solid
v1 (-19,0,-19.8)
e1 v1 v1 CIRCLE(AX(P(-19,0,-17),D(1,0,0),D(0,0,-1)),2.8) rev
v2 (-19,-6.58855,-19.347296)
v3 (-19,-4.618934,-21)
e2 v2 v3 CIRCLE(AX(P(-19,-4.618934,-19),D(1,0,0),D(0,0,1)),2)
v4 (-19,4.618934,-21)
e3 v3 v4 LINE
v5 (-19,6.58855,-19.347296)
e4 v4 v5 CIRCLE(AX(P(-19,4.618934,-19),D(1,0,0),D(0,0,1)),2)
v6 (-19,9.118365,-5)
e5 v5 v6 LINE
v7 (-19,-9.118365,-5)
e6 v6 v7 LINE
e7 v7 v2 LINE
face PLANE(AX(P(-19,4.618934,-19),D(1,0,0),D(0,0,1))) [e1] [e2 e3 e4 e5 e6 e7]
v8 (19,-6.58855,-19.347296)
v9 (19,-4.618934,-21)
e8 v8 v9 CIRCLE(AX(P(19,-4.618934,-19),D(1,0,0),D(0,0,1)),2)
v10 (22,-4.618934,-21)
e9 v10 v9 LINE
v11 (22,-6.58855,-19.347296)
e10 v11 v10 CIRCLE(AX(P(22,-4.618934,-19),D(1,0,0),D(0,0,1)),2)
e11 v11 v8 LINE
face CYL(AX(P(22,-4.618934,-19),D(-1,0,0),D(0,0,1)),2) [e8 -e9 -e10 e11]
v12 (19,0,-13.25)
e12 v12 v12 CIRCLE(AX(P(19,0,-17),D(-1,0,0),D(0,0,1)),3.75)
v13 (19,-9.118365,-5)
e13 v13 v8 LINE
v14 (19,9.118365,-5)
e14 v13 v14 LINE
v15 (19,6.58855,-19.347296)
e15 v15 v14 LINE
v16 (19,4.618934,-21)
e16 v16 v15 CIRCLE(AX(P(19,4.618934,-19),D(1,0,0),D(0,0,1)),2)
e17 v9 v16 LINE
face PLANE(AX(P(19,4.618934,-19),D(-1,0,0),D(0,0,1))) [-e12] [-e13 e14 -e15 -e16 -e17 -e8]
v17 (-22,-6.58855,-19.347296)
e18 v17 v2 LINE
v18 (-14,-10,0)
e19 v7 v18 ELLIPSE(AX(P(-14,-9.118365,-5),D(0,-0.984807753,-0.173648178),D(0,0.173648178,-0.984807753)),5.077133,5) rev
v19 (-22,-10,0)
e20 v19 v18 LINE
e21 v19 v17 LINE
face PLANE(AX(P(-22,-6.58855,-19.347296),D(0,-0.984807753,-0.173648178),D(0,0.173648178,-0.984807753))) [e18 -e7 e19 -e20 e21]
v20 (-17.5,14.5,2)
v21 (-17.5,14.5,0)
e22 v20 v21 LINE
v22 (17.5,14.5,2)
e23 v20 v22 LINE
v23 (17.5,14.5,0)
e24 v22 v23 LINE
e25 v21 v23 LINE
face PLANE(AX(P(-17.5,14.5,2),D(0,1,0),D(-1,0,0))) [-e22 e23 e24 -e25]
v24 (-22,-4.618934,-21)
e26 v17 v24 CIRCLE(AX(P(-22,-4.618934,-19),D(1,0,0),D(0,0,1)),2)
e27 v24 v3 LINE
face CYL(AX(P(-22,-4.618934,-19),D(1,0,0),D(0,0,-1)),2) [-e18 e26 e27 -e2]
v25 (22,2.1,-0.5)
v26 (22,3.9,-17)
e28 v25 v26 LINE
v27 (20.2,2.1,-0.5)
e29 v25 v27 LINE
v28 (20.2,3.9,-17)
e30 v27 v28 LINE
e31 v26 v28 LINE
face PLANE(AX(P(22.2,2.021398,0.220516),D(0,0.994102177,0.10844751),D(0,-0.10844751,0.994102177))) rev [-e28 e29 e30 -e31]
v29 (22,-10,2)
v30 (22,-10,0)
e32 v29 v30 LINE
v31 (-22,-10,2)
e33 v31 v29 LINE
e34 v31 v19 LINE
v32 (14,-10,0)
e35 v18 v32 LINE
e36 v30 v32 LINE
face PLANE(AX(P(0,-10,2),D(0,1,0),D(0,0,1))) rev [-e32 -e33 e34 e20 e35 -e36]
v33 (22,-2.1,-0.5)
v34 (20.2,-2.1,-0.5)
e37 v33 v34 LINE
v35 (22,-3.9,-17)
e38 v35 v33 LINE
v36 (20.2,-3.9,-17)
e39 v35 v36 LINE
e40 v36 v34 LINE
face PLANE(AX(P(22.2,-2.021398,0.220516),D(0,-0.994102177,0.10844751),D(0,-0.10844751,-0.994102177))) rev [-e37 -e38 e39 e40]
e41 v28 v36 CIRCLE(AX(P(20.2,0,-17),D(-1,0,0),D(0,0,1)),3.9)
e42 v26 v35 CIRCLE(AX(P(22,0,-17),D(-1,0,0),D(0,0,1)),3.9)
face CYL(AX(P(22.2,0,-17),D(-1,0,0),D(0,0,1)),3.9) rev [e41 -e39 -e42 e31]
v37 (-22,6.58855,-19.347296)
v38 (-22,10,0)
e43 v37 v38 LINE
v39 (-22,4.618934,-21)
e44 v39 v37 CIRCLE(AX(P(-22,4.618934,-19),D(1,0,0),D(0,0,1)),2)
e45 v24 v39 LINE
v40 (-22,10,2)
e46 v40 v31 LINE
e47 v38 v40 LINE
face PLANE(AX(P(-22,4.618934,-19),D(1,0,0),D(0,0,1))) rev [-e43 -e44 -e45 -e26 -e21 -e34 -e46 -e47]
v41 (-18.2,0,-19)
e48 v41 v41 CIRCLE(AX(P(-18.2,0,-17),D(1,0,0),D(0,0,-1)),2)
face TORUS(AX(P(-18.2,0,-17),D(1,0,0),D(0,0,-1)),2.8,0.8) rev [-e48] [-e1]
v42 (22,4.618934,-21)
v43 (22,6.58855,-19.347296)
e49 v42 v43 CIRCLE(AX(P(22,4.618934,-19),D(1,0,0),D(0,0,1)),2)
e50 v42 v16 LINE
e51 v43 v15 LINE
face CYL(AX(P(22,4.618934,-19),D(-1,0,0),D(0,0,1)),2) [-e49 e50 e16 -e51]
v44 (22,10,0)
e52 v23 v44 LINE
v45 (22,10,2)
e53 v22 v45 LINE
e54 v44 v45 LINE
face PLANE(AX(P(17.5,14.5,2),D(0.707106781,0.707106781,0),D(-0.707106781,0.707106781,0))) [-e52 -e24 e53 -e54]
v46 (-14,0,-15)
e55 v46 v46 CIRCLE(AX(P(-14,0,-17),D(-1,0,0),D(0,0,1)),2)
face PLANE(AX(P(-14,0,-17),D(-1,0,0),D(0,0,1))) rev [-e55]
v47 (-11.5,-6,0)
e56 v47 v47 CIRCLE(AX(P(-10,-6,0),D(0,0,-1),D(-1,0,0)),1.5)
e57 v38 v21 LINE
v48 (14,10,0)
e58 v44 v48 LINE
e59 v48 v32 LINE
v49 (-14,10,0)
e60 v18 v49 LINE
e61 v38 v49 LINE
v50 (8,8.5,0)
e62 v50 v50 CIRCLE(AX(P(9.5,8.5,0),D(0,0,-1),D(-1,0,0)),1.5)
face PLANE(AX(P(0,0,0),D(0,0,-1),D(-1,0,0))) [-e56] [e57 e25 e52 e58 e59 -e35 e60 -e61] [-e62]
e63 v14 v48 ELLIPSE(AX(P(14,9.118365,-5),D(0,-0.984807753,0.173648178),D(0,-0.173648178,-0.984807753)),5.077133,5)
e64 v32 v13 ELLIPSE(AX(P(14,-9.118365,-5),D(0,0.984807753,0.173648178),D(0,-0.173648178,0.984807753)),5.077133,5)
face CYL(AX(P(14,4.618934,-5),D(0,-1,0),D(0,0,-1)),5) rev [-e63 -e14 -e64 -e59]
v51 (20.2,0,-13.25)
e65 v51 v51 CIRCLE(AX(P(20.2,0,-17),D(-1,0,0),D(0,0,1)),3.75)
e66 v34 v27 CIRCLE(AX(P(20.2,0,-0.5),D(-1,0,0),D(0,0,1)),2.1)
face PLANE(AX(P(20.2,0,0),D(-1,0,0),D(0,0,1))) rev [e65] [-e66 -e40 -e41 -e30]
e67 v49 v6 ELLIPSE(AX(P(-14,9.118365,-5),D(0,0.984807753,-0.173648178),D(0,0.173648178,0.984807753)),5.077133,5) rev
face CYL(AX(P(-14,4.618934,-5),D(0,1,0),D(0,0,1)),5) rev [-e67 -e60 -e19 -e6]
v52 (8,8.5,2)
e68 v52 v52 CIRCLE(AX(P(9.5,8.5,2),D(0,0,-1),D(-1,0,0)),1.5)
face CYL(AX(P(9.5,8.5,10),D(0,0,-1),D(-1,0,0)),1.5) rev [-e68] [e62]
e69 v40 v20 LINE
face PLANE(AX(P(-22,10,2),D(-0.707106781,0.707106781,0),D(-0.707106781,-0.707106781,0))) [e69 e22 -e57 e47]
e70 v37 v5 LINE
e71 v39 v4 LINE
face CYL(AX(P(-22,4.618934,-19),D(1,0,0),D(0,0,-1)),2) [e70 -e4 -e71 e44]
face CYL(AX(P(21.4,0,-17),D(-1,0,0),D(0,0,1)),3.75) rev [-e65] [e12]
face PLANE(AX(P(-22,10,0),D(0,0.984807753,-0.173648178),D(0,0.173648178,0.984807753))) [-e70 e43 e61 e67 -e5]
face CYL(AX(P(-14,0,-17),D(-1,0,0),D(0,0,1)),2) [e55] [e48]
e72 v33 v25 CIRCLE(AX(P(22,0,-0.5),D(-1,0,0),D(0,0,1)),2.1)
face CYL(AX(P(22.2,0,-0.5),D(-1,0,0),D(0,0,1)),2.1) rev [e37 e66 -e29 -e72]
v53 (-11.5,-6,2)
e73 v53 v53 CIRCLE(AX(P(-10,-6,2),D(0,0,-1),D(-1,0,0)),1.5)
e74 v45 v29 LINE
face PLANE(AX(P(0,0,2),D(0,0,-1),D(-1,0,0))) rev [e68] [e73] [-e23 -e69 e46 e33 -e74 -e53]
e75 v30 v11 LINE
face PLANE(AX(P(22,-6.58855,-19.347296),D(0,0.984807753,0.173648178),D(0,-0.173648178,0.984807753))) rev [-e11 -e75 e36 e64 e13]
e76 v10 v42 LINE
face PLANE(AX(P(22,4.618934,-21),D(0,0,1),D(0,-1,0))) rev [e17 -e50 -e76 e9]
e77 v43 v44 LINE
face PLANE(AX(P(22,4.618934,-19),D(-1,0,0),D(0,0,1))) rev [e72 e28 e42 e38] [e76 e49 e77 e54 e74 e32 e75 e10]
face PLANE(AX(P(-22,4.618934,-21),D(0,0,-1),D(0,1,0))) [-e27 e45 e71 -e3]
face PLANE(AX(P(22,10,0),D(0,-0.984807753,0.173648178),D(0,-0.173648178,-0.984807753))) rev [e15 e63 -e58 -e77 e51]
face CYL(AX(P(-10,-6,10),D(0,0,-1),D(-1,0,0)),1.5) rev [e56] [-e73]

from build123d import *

# Parameters (mm, degrees)
SKETCH1_W           = 38
SKETCH1_H           = 20
BOSS_EXTRUDE1_DEPTH = 2
BOSS_EXTRUDE2_DEPTH = 3
BOSS_EXTRUDE3_DEPTH = 2
SKETCH4_R           = 1.6
CUT_EXTRUDE1_DEPTH  = 51.865017448
CUT_EXTRUDE2_START  = -1.2
CUT_EXTRUDE2_DEPTH  = 2
SKETCH6_R           = 3.75
CUT_EXTRUDE3_DEPTH  = 2.4
CUT_EXTRUDE4_DEPTH  = 34.693471178
SKETCH8_R           = 2
BOSS_EXTRUDE4_DEPTH = 8
FILLET1_R           = 0.8
FILLET2_R           = 5
SKETCH9_R           = 1.5
CUT_EXTRUDE5_DEPTH  = 10


with BuildPart() as part:
    # Sketch1 → Boss-Extrude1 (new body)
    with BuildSketch(Plane.XY):
        Rectangle(SKETCH1_W, SKETCH1_H)
    extrude(amount=BOSS_EXTRUDE1_DEPTH)

    # Sketch2 → Boss-Extrude2 (add)
    with BuildSketch(Plane(origin=(19, 0, 0), x_dir=(0, 0, -1), z_dir=(1, 0, 0))):
        with BuildLine():
            Line((-2, 10), (0, 10))
            Line((0, 10), (19.347296355, 6.588549649))
            ThreePointArc((19.347296355, 6.588549649), (20.532088886, 5.904509362), (21, 4.618934143))
            Line((21, 4.618934143), (21, -4.618934143))
            ThreePointArc((21, -4.618934143), (20.532088886, -5.904509362), (19.347296355, -6.588549649))
            Line((19.347296355, -6.588549649), (0, -10))
            Line((0, -10), (-2, -10))
            Line((-2, -10), (-2, 10))
        make_face()
    boss_extrude2 = extrude(amount=BOSS_EXTRUDE2_DEPTH)

    # Mirror1: Boss-Extrude2 across plane
    add(boss_extrude2.mirror(Plane(origin=(0, 0, 0), x_dir=(0, 0, 1), z_dir=(1, 0, 0))))

    # Sketch3 → Boss-Extrude3 (add)
    with BuildSketch(Plane(origin=(0, 0, 0), x_dir=(-1, 0, 0), z_dir=(0, 0, -1))):
        Polygon((-22, -10), (-17.5, -14.5), (17.5, -14.5), (22, -10), align=None)
        Polygon((-22, 10), (22, 10), (17.5, 14.5), (-17.5, 14.5), align=None)
    extrude(amount=-BOSS_EXTRUDE3_DEPTH)

    # Sketch4 → Cut-Extrude1 (cut, through all)
    with BuildSketch(Plane.ZY.offset(22)):
        with Locations((-17, 0)):
            Circle(SKETCH4_R)
    extrude(amount=-CUT_EXTRUDE1_DEPTH, mode=Mode.SUBTRACT)

    # Sketch5 → Cut-Extrude2 (cut)
    with BuildSketch(Plane.ZY.offset(-19).offset(CUT_EXTRUDE2_START)):
        with BuildLine():
            Line((-17, -3.9), (-0.5, -2.1))
            ThreePointArc((-0.5, -2.1), (1.6, 0), (-0.5, 2.1))
            Line((-0.5, 2.1), (-17, 3.9))
            ThreePointArc((-17, 3.9), (-20.9, 0), (-17, -3.9))
        make_face()
    extrude(amount=-CUT_EXTRUDE2_DEPTH, mode=Mode.SUBTRACT)

    # Sketch6 → Cut-Extrude3 (cut)
    with BuildSketch(Plane.ZY.offset(-19)):
        with Locations((-17, 0)):
            Circle(SKETCH6_R)
    extrude(amount=-CUT_EXTRUDE3_DEPTH, mode=Mode.SUBTRACT)

    # Sketch7 → Cut-Extrude4 (cut, through all)
    with BuildSketch(Plane(origin=(0, 0, 0), x_dir=(-1, 0, 0), z_dir=(0, 0, -1))):
        Polygon((17.5, -14.5), (22, -10), (19, -10), (-19, -10), (-22, -10), (-17.5, -14.5), align=None)
    extrude(amount=-CUT_EXTRUDE4_DEPTH, mode=Mode.SUBTRACT)

    # Sketch8 → Boss-Extrude4 (add)
    with BuildSketch(Plane.ZY.offset(22)):
        with Locations((-17, 0)):
            Circle(SKETCH8_R)
    extrude(amount=-BOSS_EXTRUDE4_DEPTH)

    # Fillet1
    fillet1_edges = [part.edges().sort_by_distance(p)[0] for p in [
        (-19, 0, -19),
    ]]
    fillet(fillet1_edges, radius=FILLET1_R)

    # Fillet2
    fillet2_edges = [part.edges().sort_by_distance(p)[0] for p in [
        (-19, 0, 0),
        (19, 0, 0),
    ]]
    fillet(fillet2_edges, radius=FILLET2_R)

    # Sketch9 → Cut-Extrude5 (cut)
    with BuildSketch(Plane(origin=(0, 0, 0), x_dir=(-1, 0, 0), z_dir=(0, 0, -1))):
        with Locations((-9.5, 8.5)):
            Circle(SKETCH9_R)
        with Locations((10, -6)):
            Circle(SKETCH9_R)
    extrude(amount=-CUT_EXTRUDE5_DEPTH, mode=Mode.SUBTRACT)


solid = part.part
